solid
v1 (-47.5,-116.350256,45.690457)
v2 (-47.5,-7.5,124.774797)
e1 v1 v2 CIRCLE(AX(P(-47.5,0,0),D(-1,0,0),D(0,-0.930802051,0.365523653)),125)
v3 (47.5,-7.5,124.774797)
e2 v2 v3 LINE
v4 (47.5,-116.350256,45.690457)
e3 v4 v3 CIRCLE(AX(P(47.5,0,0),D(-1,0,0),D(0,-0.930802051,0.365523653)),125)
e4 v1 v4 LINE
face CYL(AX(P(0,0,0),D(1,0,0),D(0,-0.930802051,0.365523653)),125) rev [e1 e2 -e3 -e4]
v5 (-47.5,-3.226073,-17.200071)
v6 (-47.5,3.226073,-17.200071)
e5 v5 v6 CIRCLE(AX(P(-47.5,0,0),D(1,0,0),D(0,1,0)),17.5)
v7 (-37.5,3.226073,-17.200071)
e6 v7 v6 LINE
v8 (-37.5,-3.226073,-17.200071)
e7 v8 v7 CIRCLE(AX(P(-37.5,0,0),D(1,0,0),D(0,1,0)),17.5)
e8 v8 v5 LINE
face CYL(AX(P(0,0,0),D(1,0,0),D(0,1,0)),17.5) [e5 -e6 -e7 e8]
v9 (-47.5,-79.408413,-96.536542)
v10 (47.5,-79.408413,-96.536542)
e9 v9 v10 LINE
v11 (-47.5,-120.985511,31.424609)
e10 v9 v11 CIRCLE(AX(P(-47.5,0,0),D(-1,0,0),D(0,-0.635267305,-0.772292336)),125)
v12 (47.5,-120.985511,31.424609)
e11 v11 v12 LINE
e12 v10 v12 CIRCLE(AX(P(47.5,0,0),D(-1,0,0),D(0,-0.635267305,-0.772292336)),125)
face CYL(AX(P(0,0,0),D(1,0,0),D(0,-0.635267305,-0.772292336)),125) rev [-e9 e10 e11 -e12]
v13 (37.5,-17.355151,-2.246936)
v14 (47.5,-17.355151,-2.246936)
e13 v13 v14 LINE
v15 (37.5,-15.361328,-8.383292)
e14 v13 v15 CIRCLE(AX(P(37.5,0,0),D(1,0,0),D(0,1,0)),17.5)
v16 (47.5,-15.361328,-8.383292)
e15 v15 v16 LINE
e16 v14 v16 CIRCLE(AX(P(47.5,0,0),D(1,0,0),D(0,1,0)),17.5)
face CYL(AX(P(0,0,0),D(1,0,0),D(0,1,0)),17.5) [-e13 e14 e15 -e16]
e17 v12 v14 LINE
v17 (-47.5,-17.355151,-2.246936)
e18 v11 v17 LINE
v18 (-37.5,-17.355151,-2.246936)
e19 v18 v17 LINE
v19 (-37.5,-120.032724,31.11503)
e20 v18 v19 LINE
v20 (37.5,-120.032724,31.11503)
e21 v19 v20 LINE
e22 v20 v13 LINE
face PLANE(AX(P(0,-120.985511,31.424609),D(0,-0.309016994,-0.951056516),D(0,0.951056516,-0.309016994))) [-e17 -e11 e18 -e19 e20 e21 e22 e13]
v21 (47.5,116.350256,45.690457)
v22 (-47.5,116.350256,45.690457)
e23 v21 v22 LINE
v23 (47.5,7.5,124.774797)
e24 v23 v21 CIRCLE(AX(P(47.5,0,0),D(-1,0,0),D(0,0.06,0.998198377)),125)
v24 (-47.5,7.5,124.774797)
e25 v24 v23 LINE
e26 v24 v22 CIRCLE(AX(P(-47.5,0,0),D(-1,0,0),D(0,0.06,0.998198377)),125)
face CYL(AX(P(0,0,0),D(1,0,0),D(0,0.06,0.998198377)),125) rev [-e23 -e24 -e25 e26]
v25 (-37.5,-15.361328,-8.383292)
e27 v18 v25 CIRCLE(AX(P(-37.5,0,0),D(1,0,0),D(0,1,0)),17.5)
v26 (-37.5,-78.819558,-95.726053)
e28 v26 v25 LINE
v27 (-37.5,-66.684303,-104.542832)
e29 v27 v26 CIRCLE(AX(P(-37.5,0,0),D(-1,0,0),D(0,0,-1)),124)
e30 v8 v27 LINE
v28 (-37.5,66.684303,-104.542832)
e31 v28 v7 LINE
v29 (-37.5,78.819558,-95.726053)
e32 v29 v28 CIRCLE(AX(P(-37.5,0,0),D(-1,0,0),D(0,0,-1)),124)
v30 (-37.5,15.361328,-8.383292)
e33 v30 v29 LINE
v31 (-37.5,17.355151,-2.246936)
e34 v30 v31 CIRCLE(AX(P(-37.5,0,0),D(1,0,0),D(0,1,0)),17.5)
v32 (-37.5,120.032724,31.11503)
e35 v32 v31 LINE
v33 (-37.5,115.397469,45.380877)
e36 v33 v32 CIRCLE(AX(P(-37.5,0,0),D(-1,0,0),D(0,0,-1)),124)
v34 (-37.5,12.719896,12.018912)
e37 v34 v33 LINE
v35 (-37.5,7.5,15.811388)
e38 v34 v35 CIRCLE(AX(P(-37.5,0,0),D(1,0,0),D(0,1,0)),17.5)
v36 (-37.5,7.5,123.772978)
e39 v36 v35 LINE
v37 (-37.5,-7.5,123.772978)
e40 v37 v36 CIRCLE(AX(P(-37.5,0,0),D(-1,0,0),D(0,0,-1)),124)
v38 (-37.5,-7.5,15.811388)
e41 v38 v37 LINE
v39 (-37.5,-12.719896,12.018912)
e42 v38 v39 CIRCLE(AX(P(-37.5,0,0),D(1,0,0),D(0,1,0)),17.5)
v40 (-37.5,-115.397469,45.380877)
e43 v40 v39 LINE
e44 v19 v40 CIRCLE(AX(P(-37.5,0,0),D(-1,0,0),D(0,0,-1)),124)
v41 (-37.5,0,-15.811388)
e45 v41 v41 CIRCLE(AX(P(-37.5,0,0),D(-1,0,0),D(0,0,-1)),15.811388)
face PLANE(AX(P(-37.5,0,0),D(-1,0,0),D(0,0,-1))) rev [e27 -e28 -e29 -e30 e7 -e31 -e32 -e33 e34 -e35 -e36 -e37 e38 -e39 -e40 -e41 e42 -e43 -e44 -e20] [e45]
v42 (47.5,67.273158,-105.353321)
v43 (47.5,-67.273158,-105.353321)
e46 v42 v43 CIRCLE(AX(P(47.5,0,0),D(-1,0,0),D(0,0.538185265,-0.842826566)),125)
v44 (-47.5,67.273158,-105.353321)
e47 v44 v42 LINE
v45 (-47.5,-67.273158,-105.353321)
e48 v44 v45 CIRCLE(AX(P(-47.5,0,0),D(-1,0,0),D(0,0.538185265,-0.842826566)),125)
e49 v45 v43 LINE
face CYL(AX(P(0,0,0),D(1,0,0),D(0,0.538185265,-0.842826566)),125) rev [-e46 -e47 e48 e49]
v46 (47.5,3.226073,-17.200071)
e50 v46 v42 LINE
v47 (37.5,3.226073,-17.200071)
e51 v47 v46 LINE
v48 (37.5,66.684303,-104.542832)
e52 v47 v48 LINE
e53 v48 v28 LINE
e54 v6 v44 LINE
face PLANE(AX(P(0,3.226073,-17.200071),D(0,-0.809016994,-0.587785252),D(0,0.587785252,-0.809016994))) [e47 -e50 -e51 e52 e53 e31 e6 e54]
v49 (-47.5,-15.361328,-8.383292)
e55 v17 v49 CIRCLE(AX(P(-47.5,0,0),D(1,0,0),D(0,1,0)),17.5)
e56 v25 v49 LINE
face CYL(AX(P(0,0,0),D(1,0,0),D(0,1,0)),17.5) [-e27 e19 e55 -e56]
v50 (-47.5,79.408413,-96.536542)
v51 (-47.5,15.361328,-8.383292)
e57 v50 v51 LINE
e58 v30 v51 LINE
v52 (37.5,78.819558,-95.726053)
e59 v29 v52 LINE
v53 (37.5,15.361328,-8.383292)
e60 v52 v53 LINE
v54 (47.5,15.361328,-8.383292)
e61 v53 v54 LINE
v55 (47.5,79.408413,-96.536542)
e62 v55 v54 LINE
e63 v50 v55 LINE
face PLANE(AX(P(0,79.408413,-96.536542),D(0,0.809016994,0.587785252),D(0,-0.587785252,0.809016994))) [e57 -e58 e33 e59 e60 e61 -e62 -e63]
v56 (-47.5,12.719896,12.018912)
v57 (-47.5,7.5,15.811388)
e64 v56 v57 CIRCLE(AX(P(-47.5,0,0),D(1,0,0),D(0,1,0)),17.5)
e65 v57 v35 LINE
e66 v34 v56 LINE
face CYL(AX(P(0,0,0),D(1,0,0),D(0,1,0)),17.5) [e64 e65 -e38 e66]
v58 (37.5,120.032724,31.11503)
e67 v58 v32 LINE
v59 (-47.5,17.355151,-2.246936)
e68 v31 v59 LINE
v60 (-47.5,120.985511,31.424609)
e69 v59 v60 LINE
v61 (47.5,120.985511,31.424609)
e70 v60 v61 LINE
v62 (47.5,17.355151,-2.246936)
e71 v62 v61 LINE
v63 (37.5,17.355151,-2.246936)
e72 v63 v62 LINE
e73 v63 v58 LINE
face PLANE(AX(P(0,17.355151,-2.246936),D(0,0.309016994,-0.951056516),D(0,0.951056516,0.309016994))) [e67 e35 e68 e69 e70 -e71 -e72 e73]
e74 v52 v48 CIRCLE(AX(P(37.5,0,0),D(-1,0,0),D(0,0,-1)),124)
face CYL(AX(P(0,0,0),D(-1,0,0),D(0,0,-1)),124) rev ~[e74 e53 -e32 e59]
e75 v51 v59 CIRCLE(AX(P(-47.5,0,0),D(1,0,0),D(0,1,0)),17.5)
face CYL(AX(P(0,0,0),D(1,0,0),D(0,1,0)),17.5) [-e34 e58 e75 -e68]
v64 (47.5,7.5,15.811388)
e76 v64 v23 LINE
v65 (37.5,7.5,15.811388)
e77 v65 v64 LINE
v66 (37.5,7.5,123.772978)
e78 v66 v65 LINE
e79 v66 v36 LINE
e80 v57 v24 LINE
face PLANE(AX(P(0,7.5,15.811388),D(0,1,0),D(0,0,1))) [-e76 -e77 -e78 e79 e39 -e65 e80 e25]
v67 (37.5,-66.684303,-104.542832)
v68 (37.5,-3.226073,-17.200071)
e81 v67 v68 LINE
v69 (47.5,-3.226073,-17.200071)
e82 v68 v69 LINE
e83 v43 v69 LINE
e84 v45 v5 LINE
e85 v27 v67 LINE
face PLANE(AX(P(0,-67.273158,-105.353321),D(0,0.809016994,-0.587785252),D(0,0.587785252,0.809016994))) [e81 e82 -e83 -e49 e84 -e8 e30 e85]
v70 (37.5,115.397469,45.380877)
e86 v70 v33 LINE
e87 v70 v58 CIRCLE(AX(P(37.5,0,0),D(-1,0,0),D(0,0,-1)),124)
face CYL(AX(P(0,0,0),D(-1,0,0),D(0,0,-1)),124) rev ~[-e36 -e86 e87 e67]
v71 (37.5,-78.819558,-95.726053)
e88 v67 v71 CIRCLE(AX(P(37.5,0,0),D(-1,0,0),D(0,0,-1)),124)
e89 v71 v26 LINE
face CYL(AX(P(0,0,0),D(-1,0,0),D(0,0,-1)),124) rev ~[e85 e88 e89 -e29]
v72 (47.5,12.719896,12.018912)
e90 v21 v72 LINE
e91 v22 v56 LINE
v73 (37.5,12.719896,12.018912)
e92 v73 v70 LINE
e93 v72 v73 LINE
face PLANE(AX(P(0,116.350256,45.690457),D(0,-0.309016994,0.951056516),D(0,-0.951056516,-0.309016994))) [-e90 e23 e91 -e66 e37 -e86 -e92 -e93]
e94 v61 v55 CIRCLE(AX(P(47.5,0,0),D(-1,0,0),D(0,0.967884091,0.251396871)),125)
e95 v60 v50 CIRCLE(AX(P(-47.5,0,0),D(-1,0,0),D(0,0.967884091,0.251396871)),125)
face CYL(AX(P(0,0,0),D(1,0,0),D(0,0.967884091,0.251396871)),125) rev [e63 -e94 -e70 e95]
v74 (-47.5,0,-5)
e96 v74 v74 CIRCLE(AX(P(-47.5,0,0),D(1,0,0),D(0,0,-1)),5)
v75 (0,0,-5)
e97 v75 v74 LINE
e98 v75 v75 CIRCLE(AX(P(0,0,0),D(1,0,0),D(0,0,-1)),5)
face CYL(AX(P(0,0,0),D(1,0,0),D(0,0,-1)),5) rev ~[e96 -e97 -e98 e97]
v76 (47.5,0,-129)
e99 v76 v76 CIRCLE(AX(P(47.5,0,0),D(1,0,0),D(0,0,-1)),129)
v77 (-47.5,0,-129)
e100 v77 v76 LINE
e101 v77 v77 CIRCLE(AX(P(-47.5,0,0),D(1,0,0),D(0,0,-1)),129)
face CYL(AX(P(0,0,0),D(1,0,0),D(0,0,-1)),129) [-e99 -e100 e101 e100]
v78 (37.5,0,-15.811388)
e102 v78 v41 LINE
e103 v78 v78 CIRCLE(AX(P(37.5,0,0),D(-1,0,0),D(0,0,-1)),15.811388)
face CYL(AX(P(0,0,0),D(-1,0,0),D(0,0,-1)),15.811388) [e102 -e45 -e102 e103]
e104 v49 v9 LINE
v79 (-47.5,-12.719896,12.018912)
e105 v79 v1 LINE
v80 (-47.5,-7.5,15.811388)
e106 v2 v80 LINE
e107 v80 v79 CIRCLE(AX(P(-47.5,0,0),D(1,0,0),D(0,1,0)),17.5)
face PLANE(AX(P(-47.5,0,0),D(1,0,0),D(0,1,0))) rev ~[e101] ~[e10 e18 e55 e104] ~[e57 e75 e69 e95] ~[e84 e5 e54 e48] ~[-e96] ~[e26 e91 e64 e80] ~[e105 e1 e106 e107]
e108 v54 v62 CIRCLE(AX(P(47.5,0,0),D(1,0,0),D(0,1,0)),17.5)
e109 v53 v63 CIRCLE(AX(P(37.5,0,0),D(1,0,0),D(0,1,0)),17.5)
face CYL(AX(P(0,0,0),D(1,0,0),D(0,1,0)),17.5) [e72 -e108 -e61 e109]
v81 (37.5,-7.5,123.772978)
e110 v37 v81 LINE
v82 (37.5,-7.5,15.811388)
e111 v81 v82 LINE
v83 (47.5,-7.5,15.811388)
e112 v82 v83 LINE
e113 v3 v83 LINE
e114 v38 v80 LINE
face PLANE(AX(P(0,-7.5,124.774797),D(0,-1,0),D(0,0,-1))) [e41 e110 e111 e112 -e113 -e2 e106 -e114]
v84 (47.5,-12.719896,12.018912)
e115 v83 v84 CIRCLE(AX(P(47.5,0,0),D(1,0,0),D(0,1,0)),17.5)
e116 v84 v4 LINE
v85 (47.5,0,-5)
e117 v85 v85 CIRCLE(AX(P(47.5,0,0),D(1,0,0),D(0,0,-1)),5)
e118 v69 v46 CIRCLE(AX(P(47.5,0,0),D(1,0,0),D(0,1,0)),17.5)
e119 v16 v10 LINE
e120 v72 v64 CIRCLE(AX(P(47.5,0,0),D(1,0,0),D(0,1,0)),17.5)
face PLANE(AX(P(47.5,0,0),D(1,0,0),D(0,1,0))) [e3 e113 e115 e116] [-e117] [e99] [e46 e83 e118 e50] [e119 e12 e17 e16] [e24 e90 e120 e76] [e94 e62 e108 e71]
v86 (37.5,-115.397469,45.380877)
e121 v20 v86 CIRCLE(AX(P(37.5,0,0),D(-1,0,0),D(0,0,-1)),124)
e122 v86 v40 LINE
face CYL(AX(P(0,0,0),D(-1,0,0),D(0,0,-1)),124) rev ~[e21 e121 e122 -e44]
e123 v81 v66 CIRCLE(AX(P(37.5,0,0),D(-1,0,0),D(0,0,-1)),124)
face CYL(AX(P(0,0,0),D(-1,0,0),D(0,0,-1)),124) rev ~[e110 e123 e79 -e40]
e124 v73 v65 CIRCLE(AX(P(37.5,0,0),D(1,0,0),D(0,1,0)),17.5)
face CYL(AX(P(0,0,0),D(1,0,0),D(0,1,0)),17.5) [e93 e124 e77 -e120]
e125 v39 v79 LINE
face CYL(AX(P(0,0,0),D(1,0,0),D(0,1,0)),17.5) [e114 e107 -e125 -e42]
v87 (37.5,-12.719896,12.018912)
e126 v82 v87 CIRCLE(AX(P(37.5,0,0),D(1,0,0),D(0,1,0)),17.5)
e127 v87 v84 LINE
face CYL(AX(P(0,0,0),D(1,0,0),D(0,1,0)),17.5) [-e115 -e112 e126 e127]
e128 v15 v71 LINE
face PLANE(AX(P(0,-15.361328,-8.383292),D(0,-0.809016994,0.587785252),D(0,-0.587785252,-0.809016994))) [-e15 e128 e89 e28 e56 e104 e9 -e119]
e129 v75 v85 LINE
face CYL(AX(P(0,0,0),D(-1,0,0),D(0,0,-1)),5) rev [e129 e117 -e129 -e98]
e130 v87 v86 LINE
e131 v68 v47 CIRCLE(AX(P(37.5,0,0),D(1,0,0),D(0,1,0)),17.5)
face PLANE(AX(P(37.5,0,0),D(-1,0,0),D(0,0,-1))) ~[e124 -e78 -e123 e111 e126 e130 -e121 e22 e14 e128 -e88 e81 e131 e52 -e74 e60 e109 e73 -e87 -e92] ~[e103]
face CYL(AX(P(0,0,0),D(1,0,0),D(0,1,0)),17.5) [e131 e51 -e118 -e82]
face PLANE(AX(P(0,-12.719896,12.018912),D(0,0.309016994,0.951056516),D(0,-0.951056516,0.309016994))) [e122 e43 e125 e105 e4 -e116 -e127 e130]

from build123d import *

# Parameters (mm, degrees)
SKETCH2_R           = 129
SKETCH2_R_2         = 17.5
SKETCH2_R_3         = 5
BOSS_EXTRUDE1_DEPTH = 47.5
SKETCH3_W           = 75
SKETCH3_H           = 108.188611699


with BuildPart() as part:
    # Sketch2 → Boss-Extrude1 (new, symmetric)
    # profile 1 of 6: a face of its own
    with BuildSketch(Plane.YZ):
        with Locations(Location((0, 0, 0), (0, 0, 270))):
            Circle(SKETCH2_R)
        with BuildLine():
            Line((-7.5, 124.774797135), (-7.5, 15.811388301))
            ThreePointArc((-7.5, 15.811388301), (0, 17.5), (7.5, 15.811388301))
            Line((7.5, 15.811388301), (7.5, 124.774797135))
            ThreePointArc((7.5, 124.774797135), (73.473156537, 101.127124297), (116.350256427, 45.690456657))
            Line((116.350256427, 45.690456657), (12.719896417, 12.018911562))
            ThreePointArc((12.719896417, 12.018911562), (16.261122152, 6.467295134), (17.5, 0))
            ThreePointArc((17.5, 0), (17.463750289, -1.125800087), (17.355151333, -2.246936183))
            Line((17.355151333, -2.246936183), (120.985511342, 31.424608912))
            ThreePointArc((120.985511342, 31.424608912), (118.882064537, -38.627124297), (79.408413071, -96.536541959))
            Line((79.408413071, -96.536541959), (15.361328319, -8.383292448))
            ThreePointArc((15.361328319, -8.383292448), (10.286241915, -14.157797402), (3.226073404, -17.200071232))
            Line((3.226073404, -17.200071232), (67.273158156, -105.353320744))
            ThreePointArc((67.273158156, -105.353320744), (0, -125), (-67.273158156, -105.353320744))
            Line((-67.273158156, -105.353320744), (-3.226073404, -17.200071232))
            ThreePointArc((-3.226073404, -17.200071232), (-10.286241915, -14.157797402), (-15.361328319, -8.383292448))
            Line((-15.361328319, -8.383292448), (-79.408413071, -96.536541959))
            ThreePointArc((-79.408413071, -96.536541959), (-118.882064537, -38.627124297), (-120.985511342, 31.424608912))
            Line((-120.985511342, 31.424608912), (-17.355151333, -2.246936183))
            ThreePointArc((-17.355151333, -2.246936183), (-16.643489035, 5.407797402), (-12.719896417, 12.018911562))
            Line((-12.719896417, 12.018911562), (-116.350256427, 45.690456657))
            ThreePointArc((-116.350256427, 45.690456657), (-73.473156537, 101.127124297), (-7.5, 124.774797135))
        make_face(mode=Mode.SUBTRACT)
    # profile 2 of 6: a face of its own
    with BuildSketch(Plane.YZ):
        with Locations(Location((0, 0, 0), (0, 0, 270))):
            Circle(SKETCH2_R)
        with BuildLine():
            Line((-7.5, 124.774797135), (-7.5, 15.811388301))
            ThreePointArc((-7.5, 15.811388301), (0, 17.5), (7.5, 15.811388301))
            Line((7.5, 15.811388301), (7.5, 124.774797135))
            ThreePointArc((7.5, 124.774797135), (73.473156537, 101.127124297), (116.350256427, 45.690456657))
            Line((116.350256427, 45.690456657), (12.719896417, 12.018911562))
            ThreePointArc((12.719896417, 12.018911562), (16.261122152, 6.467295134), (17.5, 0))
            ThreePointArc((17.5, 0), (17.463750289, -1.125800087), (17.355151333, -2.246936183))
            Line((17.355151333, -2.246936183), (120.985511342, 31.424608912))
            ThreePointArc((120.985511342, 31.424608912), (118.882064537, -38.627124297), (79.408413071, -96.536541959))
            Line((79.408413071, -96.536541959), (15.361328319, -8.383292448))
            ThreePointArc((15.361328319, -8.383292448), (10.286241915, -14.157797402), (3.226073404, -17.200071232))
            Line((3.226073404, -17.200071232), (67.273158156, -105.353320744))
            ThreePointArc((67.273158156, -105.353320744), (0, -125), (-67.273158156, -105.353320744))
            Line((-67.273158156, -105.353320744), (-3.226073404, -17.200071232))
            ThreePointArc((-3.226073404, -17.200071232), (-10.286241915, -14.157797402), (-15.361328319, -8.383292448))
            Line((-15.361328319, -8.383292448), (-79.408413071, -96.536541959))
            ThreePointArc((-79.408413071, -96.536541959), (-118.882064537, -38.627124297), (-120.985511342, 31.424608912))
            Line((-120.985511342, 31.424608912), (-17.355151333, -2.246936183))
            ThreePointArc((-17.355151333, -2.246936183), (-16.643489035, 5.407797402), (-12.719896417, 12.018911562))
            Line((-12.719896417, 12.018911562), (-116.350256427, 45.690456657))
            ThreePointArc((-116.350256427, 45.690456657), (-73.473156537, 101.127124297), (-7.5, 124.774797135))
        make_face(mode=Mode.SUBTRACT)
    # profile 3 of 6: a face of its own
    with BuildSketch(Plane.YZ):
        with Locations(Location((0, 0, 0), (0, 0, 270))):
            Circle(SKETCH2_R)
        with BuildLine():
            Line((-7.5, 124.774797135), (-7.5, 15.811388301))
            ThreePointArc((-7.5, 15.811388301), (0, 17.5), (7.5, 15.811388301))
            Line((7.5, 15.811388301), (7.5, 124.774797135))
            ThreePointArc((7.5, 124.774797135), (73.473156537, 101.127124297), (116.350256427, 45.690456657))
            Line((116.350256427, 45.690456657), (12.719896417, 12.018911562))
            ThreePointArc((12.719896417, 12.018911562), (16.261122152, 6.467295134), (17.5, 0))
            ThreePointArc((17.5, 0), (17.463750289, -1.125800087), (17.355151333, -2.246936183))
            Line((17.355151333, -2.246936183), (120.985511342, 31.424608912))
            ThreePointArc((120.985511342, 31.424608912), (118.882064537, -38.627124297), (79.408413071, -96.536541959))
            Line((79.408413071, -96.536541959), (15.361328319, -8.383292448))
            ThreePointArc((15.361328319, -8.383292448), (10.286241915, -14.157797402), (3.226073404, -17.200071232))
            Line((3.226073404, -17.200071232), (67.273158156, -105.353320744))
            ThreePointArc((67.273158156, -105.353320744), (0, -125), (-67.273158156, -105.353320744))
            Line((-67.273158156, -105.353320744), (-3.226073404, -17.200071232))
            ThreePointArc((-3.226073404, -17.200071232), (-10.286241915, -14.157797402), (-15.361328319, -8.383292448))
            Line((-15.361328319, -8.383292448), (-79.408413071, -96.536541959))
            ThreePointArc((-79.408413071, -96.536541959), (-118.882064537, -38.627124297), (-120.985511342, 31.424608912))
            Line((-120.985511342, 31.424608912), (-17.355151333, -2.246936183))
            ThreePointArc((-17.355151333, -2.246936183), (-16.643489035, 5.407797402), (-12.719896417, 12.018911562))
            Line((-12.719896417, 12.018911562), (-116.350256427, 45.690456657))
            ThreePointArc((-116.350256427, 45.690456657), (-73.473156537, 101.127124297), (-7.5, 124.774797135))
        make_face(mode=Mode.SUBTRACT)
    # profile 4 of 6: a face of its own
    with BuildSketch(Plane.YZ):
        with Locations(Location((0, 0, 0), (0, 0, 270))):
            Circle(SKETCH2_R)
        with BuildLine():
            Line((-7.5, 124.774797135), (-7.5, 15.811388301))
            ThreePointArc((-7.5, 15.811388301), (0, 17.5), (7.5, 15.811388301))
            Line((7.5, 15.811388301), (7.5, 124.774797135))
            ThreePointArc((7.5, 124.774797135), (73.473156537, 101.127124297), (116.350256427, 45.690456657))
            Line((116.350256427, 45.690456657), (12.719896417, 12.018911562))
            ThreePointArc((12.719896417, 12.018911562), (16.261122152, 6.467295134), (17.5, 0))
            ThreePointArc((17.5, 0), (17.463750289, -1.125800087), (17.355151333, -2.246936183))
            Line((17.355151333, -2.246936183), (120.985511342, 31.424608912))
            ThreePointArc((120.985511342, 31.424608912), (118.882064537, -38.627124297), (79.408413071, -96.536541959))
            Line((79.408413071, -96.536541959), (15.361328319, -8.383292448))
            ThreePointArc((15.361328319, -8.383292448), (10.286241915, -14.157797402), (3.226073404, -17.200071232))
            Line((3.226073404, -17.200071232), (67.273158156, -105.353320744))
            ThreePointArc((67.273158156, -105.353320744), (0, -125), (-67.273158156, -105.353320744))
            Line((-67.273158156, -105.353320744), (-3.226073404, -17.200071232))
            ThreePointArc((-3.226073404, -17.200071232), (-10.286241915, -14.157797402), (-15.361328319, -8.383292448))
            Line((-15.361328319, -8.383292448), (-79.408413071, -96.536541959))
            ThreePointArc((-79.408413071, -96.536541959), (-118.882064537, -38.627124297), (-120.985511342, 31.424608912))
            Line((-120.985511342, 31.424608912), (-17.355151333, -2.246936183))
            ThreePointArc((-17.355151333, -2.246936183), (-16.643489035, 5.407797402), (-12.719896417, 12.018911562))
            Line((-12.719896417, 12.018911562), (-116.350256427, 45.690456657))
            ThreePointArc((-116.350256427, 45.690456657), (-73.473156537, 101.127124297), (-7.5, 124.774797135))
        make_face(mode=Mode.SUBTRACT)
    # profile 5 of 6: a face of its own
    with BuildSketch(Plane.YZ):
        with Locations(Location((0, 0, 0), (0, 0, 270))):
            Circle(SKETCH2_R)
        with BuildLine():
            Line((-7.5, 124.774797135), (-7.5, 15.811388301))
            ThreePointArc((-7.5, 15.811388301), (0, 17.5), (7.5, 15.811388301))
            Line((7.5, 15.811388301), (7.5, 124.774797135))
            ThreePointArc((7.5, 124.774797135), (73.473156537, 101.127124297), (116.350256427, 45.690456657))
            Line((116.350256427, 45.690456657), (12.719896417, 12.018911562))
            ThreePointArc((12.719896417, 12.018911562), (16.261122152, 6.467295134), (17.5, 0))
            ThreePointArc((17.5, 0), (17.463750289, -1.125800087), (17.355151333, -2.246936183))
            Line((17.355151333, -2.246936183), (120.985511342, 31.424608912))
            ThreePointArc((120.985511342, 31.424608912), (118.882064537, -38.627124297), (79.408413071, -96.536541959))
            Line((79.408413071, -96.536541959), (15.361328319, -8.383292448))
            ThreePointArc((15.361328319, -8.383292448), (10.286241915, -14.157797402), (3.226073404, -17.200071232))
            Line((3.226073404, -17.200071232), (67.273158156, -105.353320744))
            ThreePointArc((67.273158156, -105.353320744), (0, -125), (-67.273158156, -105.353320744))
            Line((-67.273158156, -105.353320744), (-3.226073404, -17.200071232))
            ThreePointArc((-3.226073404, -17.200071232), (-10.286241915, -14.157797402), (-15.361328319, -8.383292448))
            Line((-15.361328319, -8.383292448), (-79.408413071, -96.536541959))
            ThreePointArc((-79.408413071, -96.536541959), (-118.882064537, -38.627124297), (-120.985511342, 31.424608912))
            Line((-120.985511342, 31.424608912), (-17.355151333, -2.246936183))
            ThreePointArc((-17.355151333, -2.246936183), (-16.643489035, 5.407797402), (-12.719896417, 12.018911562))
            Line((-12.719896417, 12.018911562), (-116.350256427, 45.690456657))
            ThreePointArc((-116.350256427, 45.690456657), (-73.473156537, 101.127124297), (-7.5, 124.774797135))
        make_face(mode=Mode.SUBTRACT)
    # profile 6 of 6: a face of its own
    with BuildSketch(Plane.YZ):
        Circle(SKETCH2_R_2)
        with Locations(Location((0, 0, 0), (0, 0, 270))):
            Circle(SKETCH2_R_3, mode=Mode.SUBTRACT)
    extrude(amount=BOSS_EXTRUDE1_DEPTH, both=True)

    # Sketch3 → Cut-Revolve1 (revolve, cut)
    with BuildSketch(Plane(origin=(0, 0, 0), x_dir=(-1, 0, 0), z_dir=(0, 1, 0)), mode=Mode.PRIVATE) as cut_revolve1_sk:
        with Locations((0, 69.905694151)):
            Rectangle(SKETCH3_W, SKETCH3_H)
    revolve(cut_revolve1_sk.sketch.rotate(Axis((1000, 0, 0), (-1, 0, 0)), 180), axis=Axis((1000, 0, 0), (-1, 0, 0)), mode=Mode.SUBTRACT)


solid = part.part
